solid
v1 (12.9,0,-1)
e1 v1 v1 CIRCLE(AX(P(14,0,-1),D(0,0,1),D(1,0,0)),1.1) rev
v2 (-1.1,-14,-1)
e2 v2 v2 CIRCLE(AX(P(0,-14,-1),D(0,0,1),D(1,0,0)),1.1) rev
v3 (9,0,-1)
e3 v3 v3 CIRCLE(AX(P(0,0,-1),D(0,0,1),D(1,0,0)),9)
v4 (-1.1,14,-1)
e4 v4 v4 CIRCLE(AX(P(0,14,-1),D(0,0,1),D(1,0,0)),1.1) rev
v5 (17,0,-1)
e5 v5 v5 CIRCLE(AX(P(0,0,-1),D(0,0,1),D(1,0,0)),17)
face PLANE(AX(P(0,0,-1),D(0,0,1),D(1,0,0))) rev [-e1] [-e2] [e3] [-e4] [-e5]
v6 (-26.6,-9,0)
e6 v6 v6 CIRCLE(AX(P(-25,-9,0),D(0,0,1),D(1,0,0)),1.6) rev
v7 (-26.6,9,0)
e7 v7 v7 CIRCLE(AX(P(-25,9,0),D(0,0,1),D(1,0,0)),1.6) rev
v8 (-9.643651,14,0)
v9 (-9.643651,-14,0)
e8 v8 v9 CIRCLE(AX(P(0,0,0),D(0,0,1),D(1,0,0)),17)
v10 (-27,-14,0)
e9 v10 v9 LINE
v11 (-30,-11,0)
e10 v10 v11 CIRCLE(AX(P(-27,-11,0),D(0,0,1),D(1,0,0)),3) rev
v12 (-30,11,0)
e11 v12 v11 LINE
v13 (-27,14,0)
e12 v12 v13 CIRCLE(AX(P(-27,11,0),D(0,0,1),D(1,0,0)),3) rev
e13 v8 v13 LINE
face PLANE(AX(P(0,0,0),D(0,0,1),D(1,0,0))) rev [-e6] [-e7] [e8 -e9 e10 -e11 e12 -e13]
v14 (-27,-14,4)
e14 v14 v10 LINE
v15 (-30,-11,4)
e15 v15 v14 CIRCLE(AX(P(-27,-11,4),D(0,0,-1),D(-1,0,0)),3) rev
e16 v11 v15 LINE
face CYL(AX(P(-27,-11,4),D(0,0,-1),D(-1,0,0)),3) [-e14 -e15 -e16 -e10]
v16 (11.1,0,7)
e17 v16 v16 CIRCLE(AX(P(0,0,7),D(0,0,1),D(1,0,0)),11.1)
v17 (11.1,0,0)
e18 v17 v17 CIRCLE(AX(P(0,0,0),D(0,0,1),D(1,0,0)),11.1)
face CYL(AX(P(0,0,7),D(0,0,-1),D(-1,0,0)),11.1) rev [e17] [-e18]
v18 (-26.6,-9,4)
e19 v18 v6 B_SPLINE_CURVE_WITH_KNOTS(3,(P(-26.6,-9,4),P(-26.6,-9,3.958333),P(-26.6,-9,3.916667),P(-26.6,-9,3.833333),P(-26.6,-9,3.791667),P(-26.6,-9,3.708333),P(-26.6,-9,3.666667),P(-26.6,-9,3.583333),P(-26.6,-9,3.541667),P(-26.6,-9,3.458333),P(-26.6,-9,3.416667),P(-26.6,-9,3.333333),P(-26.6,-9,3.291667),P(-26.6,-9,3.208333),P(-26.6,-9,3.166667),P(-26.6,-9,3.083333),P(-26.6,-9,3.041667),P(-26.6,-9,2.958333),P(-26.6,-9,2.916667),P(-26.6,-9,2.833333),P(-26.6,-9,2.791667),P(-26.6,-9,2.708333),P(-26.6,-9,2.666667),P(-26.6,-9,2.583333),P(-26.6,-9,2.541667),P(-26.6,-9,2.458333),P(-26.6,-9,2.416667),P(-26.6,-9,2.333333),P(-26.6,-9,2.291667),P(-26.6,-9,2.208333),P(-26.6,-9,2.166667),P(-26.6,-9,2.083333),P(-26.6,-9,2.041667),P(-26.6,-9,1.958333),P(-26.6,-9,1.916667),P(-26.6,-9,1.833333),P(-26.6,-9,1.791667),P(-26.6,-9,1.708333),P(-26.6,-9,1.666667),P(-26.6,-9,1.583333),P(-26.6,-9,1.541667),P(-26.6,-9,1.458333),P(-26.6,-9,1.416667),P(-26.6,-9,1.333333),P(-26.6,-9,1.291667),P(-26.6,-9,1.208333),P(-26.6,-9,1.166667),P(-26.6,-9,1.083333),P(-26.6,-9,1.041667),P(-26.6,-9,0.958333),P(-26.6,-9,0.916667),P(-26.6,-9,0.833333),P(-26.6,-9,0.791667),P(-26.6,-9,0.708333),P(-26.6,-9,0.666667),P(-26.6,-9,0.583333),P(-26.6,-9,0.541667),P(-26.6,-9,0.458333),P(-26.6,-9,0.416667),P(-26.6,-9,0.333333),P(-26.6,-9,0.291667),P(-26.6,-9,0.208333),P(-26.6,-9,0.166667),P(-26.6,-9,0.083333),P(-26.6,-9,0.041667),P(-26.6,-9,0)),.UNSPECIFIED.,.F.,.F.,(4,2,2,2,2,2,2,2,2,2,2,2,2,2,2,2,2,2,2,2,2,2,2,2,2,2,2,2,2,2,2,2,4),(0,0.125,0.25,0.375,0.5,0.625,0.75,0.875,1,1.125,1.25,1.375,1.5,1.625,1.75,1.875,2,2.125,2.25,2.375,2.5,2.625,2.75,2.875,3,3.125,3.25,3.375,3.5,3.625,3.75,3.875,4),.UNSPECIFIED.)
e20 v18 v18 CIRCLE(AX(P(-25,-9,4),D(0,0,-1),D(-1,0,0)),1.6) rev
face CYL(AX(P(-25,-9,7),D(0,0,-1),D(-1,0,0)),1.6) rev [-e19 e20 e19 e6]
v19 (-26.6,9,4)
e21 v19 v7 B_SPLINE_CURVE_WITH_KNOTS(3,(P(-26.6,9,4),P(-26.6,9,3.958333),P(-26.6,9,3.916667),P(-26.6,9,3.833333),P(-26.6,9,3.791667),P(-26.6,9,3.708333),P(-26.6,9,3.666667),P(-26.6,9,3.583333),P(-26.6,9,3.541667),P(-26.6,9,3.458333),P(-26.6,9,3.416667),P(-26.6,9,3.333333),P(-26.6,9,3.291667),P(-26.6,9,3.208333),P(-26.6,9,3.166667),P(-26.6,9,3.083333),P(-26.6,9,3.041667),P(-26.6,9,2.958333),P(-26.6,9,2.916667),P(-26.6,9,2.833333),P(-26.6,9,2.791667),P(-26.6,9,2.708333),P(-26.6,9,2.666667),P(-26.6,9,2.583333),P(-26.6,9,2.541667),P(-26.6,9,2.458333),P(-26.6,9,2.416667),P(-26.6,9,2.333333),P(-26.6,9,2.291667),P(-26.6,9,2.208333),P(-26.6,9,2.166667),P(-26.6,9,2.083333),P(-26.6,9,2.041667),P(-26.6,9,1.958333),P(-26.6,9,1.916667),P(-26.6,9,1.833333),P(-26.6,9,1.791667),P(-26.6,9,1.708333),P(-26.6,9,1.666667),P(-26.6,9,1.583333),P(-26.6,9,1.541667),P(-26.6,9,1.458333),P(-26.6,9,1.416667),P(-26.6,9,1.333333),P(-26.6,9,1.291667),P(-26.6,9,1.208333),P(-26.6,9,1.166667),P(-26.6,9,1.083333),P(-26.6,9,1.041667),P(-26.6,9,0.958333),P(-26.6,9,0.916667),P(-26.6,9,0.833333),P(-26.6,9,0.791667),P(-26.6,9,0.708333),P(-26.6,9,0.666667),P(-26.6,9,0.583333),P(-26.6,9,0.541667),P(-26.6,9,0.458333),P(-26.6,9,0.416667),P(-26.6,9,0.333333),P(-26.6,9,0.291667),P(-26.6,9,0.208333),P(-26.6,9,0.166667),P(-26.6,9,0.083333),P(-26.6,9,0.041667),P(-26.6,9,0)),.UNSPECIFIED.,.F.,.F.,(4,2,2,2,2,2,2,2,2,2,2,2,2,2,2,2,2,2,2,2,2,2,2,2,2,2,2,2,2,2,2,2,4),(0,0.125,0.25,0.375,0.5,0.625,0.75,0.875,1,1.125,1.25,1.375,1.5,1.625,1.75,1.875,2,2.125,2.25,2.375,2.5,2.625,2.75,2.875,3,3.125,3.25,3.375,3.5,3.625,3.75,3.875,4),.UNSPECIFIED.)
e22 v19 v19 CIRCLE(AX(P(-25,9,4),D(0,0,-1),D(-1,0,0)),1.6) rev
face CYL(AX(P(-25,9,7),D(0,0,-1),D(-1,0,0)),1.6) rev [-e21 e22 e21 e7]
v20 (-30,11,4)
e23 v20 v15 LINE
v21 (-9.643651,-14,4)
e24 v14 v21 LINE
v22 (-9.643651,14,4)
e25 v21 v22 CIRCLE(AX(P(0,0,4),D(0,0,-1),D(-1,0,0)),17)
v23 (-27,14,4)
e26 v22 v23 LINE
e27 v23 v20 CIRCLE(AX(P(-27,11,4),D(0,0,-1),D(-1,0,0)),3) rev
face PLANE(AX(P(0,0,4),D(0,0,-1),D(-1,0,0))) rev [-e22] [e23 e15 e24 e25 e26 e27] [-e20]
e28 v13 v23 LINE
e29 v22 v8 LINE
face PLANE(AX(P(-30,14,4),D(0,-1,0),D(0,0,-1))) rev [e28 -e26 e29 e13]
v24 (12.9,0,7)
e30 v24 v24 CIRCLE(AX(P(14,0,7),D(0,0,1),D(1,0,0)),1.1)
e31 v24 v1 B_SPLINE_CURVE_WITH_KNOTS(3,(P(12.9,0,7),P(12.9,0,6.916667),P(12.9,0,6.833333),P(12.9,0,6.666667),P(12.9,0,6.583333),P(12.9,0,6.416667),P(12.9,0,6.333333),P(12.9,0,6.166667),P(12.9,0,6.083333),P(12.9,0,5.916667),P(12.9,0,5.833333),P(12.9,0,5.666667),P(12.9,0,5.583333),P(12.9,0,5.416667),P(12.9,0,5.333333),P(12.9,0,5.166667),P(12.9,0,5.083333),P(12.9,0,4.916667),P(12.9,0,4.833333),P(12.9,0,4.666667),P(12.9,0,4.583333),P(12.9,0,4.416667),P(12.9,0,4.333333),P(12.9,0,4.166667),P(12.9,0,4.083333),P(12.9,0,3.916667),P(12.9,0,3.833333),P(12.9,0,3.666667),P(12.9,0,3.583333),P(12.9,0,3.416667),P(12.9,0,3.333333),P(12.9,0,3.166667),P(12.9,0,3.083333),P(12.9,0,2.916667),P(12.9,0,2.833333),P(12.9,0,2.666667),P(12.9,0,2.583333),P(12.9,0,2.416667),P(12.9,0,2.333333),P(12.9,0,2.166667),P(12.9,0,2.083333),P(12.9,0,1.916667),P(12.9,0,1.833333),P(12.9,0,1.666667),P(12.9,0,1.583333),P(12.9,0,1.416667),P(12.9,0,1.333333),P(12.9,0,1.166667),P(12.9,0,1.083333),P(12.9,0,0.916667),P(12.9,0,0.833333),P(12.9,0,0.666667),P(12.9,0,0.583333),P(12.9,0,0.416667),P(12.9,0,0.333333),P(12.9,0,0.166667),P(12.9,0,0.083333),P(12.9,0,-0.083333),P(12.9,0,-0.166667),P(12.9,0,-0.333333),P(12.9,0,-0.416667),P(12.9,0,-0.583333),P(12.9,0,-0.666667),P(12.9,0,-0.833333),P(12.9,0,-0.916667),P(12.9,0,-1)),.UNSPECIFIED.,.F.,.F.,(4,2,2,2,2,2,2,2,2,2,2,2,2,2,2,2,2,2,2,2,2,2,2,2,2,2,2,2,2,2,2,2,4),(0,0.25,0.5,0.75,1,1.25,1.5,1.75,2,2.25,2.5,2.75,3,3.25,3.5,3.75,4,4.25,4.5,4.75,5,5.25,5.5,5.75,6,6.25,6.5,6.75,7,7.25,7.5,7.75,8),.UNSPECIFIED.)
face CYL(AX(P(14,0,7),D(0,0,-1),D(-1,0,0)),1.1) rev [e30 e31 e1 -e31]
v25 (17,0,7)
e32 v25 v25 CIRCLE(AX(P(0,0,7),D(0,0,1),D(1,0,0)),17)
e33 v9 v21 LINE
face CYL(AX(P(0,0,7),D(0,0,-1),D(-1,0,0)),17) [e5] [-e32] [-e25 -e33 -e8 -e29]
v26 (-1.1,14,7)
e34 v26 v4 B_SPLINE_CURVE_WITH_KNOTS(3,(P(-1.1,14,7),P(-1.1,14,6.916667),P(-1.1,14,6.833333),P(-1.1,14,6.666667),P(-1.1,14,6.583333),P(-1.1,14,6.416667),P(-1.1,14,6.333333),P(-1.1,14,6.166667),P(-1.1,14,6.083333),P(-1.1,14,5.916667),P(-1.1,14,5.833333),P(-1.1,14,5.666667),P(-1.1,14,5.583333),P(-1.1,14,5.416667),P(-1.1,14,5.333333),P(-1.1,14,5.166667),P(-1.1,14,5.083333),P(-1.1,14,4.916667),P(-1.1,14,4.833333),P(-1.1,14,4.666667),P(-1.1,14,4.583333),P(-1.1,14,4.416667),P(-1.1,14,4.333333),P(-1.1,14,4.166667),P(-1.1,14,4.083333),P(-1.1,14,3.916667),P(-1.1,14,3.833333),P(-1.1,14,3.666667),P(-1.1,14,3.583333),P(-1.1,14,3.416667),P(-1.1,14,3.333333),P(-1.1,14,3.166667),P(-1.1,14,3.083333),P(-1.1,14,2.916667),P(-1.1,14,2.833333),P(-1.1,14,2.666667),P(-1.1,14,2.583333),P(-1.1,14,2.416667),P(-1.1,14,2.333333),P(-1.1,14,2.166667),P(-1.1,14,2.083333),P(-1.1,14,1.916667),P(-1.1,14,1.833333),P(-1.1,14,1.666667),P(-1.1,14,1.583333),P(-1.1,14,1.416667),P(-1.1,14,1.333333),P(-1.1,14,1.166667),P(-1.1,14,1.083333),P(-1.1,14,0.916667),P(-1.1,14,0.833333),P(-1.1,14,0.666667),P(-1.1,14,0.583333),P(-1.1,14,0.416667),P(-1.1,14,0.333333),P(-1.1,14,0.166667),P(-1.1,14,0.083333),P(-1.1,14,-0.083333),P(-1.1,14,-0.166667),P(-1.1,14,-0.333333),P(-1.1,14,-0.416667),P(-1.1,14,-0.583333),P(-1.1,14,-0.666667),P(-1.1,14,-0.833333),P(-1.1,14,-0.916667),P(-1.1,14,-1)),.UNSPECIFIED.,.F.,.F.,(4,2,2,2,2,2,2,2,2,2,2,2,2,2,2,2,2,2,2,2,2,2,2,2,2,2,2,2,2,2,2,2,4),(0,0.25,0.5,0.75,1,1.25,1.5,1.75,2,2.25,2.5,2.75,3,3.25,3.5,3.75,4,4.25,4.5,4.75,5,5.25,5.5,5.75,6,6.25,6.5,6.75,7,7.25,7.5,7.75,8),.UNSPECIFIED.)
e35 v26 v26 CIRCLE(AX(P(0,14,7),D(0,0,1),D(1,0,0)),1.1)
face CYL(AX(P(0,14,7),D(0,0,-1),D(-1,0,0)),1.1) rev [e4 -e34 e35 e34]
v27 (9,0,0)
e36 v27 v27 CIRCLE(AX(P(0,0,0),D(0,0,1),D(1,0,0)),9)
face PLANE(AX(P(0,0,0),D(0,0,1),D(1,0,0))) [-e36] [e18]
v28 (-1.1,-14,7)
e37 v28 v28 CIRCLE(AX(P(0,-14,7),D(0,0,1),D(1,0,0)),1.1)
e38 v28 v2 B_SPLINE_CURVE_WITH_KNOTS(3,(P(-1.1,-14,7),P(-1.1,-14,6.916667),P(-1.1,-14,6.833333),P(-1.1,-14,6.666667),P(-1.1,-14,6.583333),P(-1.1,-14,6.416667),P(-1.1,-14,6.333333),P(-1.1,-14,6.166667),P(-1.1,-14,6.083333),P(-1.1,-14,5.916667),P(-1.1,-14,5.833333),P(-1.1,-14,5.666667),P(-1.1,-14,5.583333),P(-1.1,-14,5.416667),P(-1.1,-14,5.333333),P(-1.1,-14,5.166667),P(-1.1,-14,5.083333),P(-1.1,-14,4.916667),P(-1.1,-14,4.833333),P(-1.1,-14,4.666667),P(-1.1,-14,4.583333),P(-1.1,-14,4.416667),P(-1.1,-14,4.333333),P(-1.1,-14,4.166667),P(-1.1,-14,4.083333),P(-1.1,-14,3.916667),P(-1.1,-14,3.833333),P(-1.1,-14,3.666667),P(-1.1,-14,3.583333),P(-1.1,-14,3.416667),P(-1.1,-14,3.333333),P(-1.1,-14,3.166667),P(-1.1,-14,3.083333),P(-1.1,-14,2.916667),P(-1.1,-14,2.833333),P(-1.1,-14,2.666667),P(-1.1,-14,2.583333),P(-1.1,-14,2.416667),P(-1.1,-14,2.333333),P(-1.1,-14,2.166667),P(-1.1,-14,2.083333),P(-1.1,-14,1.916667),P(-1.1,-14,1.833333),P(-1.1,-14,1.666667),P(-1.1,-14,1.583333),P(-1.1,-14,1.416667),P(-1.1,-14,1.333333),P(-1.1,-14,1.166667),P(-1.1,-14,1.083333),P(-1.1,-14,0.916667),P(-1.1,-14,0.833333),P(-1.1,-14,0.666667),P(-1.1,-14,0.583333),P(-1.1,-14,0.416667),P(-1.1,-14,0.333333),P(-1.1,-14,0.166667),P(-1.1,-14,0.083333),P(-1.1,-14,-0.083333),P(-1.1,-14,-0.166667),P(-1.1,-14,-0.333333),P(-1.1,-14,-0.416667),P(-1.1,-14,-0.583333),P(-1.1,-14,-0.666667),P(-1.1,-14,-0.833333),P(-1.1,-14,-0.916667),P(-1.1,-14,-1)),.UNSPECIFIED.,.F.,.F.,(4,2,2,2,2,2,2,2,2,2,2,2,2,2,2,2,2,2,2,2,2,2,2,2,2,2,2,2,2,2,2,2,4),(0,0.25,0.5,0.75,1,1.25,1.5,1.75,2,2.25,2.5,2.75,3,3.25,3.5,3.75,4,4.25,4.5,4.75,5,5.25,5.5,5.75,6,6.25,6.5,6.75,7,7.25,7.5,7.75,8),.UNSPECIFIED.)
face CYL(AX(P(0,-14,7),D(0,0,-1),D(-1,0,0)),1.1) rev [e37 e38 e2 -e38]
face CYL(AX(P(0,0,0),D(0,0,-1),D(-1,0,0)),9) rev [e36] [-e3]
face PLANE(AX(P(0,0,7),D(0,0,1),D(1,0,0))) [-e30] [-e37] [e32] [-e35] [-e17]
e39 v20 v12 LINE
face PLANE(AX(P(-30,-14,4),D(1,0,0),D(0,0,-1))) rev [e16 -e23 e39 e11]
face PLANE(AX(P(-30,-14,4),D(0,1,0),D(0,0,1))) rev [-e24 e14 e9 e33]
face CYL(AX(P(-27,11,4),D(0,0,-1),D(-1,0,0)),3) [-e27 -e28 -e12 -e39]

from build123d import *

# Parameters (mm, degrees)
BEARING_HOUSING_PROFILE_R                  = 17
BEARING_HOUSING_PROFILE_R_2                = 11.1
BEARING_HOUSING_DEPTH                      = 7
MOUNTING_WEB_PROFILE_W                     = 30
MOUNTING_WEB_PROFILE_H                     = 28
MOUNTING_WEB_DEPTH                         = 4
BEARING_SEAT_START                         = -50
BEARING_SEAT_PROFILE_R                     = 11.1
BEARING_SEAT_DEPTH                         = 86.185224172
INNER_OUTER_RACE_RETAINING_LIP_START       = -1
INNER_OUTER_RACE_RETAINING_LIP_PROFILE_R   = 17
INNER_OUTER_RACE_RETAINING_LIP_PROFILE_R_2 = 9
INNER_OUTER_RACE_RETAINING_LIP_DEPTH       = 1
STANDOFF_FASTENERS_START                   = -50
STANDOFF_FASTENERS_PROFILE_R               = 1.6
STANDOFF_FASTENERS_DEPTH                   = 86.185224172
BEARING_KEEPER_FASTENERS_START             = -50
BEARING_KEEPER_FASTENERS_PROFILE_R         = 1.1
BEARING_KEEPER_FASTENERS_DEPTH             = 86.185224172
FILLET1_R                                  = 3


with BuildPart() as part:
    # Bearing_housing_profile → Bearing_housing (new body)
    with BuildSketch(Plane.XY):
        Circle(BEARING_HOUSING_PROFILE_R)
        Circle(BEARING_HOUSING_PROFILE_R_2, mode=Mode.SUBTRACT)
    extrude(amount=BEARING_HOUSING_DEPTH)

    # Mounting_web_profile → Mounting_web (add)
    with BuildSketch(Plane.XY):
        with Locations((-15, 0)):
            Rectangle(MOUNTING_WEB_PROFILE_W, MOUNTING_WEB_PROFILE_H)
    extrude(amount=MOUNTING_WEB_DEPTH)

    # Bearing_seat_profile → Bearing_seat (cut, through all)
    with BuildSketch(Plane.XY.offset(BEARING_SEAT_START)):
        Circle(BEARING_SEAT_PROFILE_R)
    extrude(amount=BEARING_SEAT_DEPTH, mode=Mode.SUBTRACT)

    # Inner_outer_race_retaining_lip_profile → Inner_outer_race_retaining_lip (add)
    with BuildSketch(Plane.XY.offset(INNER_OUTER_RACE_RETAINING_LIP_START)):
        Circle(INNER_OUTER_RACE_RETAINING_LIP_PROFILE_R)
        Circle(INNER_OUTER_RACE_RETAINING_LIP_PROFILE_R_2, mode=Mode.SUBTRACT)
    extrude(amount=INNER_OUTER_RACE_RETAINING_LIP_DEPTH)

    # Standoff_fasteners_profile → Standoff_fasteners (cut, through all)
    with BuildSketch(Plane.XY.offset(STANDOFF_FASTENERS_START)):
        with Locations(Location((-25, -9, 0), (0, 0, 180))):
            Circle(STANDOFF_FASTENERS_PROFILE_R)
        with Locations(Location((-25, 9, 0), (0, 0, 180))):
            Circle(STANDOFF_FASTENERS_PROFILE_R)
    extrude(amount=STANDOFF_FASTENERS_DEPTH, mode=Mode.SUBTRACT)

    # Bearing_keeper_fasteners_profile → Bearing_keeper_fasteners (cut, through all)
    with BuildSketch(Plane.XY.offset(BEARING_KEEPER_FASTENERS_START)):
        with Locations(Location((14, 0, 0), (0, 0, 180))):
            Circle(BEARING_KEEPER_FASTENERS_PROFILE_R)
        with Locations(Location((0, -14, 0), (0, 0, 180))):
            Circle(BEARING_KEEPER_FASTENERS_PROFILE_R)
        with Locations(Location((0, 14, 0), (0, 0, 180))):
            Circle(BEARING_KEEPER_FASTENERS_PROFILE_R)
    extrude(amount=BEARING_KEEPER_FASTENERS_DEPTH, mode=Mode.SUBTRACT)

    # Fillet1
    fillet1_edges = [part.edges().sort_by_distance(p)[0] for p in [
        (-30, -14, 2),
        (-30, 14, 2),
    ]]
    fillet(fillet1_edges, radius=FILLET1_R)


solid = part.part
